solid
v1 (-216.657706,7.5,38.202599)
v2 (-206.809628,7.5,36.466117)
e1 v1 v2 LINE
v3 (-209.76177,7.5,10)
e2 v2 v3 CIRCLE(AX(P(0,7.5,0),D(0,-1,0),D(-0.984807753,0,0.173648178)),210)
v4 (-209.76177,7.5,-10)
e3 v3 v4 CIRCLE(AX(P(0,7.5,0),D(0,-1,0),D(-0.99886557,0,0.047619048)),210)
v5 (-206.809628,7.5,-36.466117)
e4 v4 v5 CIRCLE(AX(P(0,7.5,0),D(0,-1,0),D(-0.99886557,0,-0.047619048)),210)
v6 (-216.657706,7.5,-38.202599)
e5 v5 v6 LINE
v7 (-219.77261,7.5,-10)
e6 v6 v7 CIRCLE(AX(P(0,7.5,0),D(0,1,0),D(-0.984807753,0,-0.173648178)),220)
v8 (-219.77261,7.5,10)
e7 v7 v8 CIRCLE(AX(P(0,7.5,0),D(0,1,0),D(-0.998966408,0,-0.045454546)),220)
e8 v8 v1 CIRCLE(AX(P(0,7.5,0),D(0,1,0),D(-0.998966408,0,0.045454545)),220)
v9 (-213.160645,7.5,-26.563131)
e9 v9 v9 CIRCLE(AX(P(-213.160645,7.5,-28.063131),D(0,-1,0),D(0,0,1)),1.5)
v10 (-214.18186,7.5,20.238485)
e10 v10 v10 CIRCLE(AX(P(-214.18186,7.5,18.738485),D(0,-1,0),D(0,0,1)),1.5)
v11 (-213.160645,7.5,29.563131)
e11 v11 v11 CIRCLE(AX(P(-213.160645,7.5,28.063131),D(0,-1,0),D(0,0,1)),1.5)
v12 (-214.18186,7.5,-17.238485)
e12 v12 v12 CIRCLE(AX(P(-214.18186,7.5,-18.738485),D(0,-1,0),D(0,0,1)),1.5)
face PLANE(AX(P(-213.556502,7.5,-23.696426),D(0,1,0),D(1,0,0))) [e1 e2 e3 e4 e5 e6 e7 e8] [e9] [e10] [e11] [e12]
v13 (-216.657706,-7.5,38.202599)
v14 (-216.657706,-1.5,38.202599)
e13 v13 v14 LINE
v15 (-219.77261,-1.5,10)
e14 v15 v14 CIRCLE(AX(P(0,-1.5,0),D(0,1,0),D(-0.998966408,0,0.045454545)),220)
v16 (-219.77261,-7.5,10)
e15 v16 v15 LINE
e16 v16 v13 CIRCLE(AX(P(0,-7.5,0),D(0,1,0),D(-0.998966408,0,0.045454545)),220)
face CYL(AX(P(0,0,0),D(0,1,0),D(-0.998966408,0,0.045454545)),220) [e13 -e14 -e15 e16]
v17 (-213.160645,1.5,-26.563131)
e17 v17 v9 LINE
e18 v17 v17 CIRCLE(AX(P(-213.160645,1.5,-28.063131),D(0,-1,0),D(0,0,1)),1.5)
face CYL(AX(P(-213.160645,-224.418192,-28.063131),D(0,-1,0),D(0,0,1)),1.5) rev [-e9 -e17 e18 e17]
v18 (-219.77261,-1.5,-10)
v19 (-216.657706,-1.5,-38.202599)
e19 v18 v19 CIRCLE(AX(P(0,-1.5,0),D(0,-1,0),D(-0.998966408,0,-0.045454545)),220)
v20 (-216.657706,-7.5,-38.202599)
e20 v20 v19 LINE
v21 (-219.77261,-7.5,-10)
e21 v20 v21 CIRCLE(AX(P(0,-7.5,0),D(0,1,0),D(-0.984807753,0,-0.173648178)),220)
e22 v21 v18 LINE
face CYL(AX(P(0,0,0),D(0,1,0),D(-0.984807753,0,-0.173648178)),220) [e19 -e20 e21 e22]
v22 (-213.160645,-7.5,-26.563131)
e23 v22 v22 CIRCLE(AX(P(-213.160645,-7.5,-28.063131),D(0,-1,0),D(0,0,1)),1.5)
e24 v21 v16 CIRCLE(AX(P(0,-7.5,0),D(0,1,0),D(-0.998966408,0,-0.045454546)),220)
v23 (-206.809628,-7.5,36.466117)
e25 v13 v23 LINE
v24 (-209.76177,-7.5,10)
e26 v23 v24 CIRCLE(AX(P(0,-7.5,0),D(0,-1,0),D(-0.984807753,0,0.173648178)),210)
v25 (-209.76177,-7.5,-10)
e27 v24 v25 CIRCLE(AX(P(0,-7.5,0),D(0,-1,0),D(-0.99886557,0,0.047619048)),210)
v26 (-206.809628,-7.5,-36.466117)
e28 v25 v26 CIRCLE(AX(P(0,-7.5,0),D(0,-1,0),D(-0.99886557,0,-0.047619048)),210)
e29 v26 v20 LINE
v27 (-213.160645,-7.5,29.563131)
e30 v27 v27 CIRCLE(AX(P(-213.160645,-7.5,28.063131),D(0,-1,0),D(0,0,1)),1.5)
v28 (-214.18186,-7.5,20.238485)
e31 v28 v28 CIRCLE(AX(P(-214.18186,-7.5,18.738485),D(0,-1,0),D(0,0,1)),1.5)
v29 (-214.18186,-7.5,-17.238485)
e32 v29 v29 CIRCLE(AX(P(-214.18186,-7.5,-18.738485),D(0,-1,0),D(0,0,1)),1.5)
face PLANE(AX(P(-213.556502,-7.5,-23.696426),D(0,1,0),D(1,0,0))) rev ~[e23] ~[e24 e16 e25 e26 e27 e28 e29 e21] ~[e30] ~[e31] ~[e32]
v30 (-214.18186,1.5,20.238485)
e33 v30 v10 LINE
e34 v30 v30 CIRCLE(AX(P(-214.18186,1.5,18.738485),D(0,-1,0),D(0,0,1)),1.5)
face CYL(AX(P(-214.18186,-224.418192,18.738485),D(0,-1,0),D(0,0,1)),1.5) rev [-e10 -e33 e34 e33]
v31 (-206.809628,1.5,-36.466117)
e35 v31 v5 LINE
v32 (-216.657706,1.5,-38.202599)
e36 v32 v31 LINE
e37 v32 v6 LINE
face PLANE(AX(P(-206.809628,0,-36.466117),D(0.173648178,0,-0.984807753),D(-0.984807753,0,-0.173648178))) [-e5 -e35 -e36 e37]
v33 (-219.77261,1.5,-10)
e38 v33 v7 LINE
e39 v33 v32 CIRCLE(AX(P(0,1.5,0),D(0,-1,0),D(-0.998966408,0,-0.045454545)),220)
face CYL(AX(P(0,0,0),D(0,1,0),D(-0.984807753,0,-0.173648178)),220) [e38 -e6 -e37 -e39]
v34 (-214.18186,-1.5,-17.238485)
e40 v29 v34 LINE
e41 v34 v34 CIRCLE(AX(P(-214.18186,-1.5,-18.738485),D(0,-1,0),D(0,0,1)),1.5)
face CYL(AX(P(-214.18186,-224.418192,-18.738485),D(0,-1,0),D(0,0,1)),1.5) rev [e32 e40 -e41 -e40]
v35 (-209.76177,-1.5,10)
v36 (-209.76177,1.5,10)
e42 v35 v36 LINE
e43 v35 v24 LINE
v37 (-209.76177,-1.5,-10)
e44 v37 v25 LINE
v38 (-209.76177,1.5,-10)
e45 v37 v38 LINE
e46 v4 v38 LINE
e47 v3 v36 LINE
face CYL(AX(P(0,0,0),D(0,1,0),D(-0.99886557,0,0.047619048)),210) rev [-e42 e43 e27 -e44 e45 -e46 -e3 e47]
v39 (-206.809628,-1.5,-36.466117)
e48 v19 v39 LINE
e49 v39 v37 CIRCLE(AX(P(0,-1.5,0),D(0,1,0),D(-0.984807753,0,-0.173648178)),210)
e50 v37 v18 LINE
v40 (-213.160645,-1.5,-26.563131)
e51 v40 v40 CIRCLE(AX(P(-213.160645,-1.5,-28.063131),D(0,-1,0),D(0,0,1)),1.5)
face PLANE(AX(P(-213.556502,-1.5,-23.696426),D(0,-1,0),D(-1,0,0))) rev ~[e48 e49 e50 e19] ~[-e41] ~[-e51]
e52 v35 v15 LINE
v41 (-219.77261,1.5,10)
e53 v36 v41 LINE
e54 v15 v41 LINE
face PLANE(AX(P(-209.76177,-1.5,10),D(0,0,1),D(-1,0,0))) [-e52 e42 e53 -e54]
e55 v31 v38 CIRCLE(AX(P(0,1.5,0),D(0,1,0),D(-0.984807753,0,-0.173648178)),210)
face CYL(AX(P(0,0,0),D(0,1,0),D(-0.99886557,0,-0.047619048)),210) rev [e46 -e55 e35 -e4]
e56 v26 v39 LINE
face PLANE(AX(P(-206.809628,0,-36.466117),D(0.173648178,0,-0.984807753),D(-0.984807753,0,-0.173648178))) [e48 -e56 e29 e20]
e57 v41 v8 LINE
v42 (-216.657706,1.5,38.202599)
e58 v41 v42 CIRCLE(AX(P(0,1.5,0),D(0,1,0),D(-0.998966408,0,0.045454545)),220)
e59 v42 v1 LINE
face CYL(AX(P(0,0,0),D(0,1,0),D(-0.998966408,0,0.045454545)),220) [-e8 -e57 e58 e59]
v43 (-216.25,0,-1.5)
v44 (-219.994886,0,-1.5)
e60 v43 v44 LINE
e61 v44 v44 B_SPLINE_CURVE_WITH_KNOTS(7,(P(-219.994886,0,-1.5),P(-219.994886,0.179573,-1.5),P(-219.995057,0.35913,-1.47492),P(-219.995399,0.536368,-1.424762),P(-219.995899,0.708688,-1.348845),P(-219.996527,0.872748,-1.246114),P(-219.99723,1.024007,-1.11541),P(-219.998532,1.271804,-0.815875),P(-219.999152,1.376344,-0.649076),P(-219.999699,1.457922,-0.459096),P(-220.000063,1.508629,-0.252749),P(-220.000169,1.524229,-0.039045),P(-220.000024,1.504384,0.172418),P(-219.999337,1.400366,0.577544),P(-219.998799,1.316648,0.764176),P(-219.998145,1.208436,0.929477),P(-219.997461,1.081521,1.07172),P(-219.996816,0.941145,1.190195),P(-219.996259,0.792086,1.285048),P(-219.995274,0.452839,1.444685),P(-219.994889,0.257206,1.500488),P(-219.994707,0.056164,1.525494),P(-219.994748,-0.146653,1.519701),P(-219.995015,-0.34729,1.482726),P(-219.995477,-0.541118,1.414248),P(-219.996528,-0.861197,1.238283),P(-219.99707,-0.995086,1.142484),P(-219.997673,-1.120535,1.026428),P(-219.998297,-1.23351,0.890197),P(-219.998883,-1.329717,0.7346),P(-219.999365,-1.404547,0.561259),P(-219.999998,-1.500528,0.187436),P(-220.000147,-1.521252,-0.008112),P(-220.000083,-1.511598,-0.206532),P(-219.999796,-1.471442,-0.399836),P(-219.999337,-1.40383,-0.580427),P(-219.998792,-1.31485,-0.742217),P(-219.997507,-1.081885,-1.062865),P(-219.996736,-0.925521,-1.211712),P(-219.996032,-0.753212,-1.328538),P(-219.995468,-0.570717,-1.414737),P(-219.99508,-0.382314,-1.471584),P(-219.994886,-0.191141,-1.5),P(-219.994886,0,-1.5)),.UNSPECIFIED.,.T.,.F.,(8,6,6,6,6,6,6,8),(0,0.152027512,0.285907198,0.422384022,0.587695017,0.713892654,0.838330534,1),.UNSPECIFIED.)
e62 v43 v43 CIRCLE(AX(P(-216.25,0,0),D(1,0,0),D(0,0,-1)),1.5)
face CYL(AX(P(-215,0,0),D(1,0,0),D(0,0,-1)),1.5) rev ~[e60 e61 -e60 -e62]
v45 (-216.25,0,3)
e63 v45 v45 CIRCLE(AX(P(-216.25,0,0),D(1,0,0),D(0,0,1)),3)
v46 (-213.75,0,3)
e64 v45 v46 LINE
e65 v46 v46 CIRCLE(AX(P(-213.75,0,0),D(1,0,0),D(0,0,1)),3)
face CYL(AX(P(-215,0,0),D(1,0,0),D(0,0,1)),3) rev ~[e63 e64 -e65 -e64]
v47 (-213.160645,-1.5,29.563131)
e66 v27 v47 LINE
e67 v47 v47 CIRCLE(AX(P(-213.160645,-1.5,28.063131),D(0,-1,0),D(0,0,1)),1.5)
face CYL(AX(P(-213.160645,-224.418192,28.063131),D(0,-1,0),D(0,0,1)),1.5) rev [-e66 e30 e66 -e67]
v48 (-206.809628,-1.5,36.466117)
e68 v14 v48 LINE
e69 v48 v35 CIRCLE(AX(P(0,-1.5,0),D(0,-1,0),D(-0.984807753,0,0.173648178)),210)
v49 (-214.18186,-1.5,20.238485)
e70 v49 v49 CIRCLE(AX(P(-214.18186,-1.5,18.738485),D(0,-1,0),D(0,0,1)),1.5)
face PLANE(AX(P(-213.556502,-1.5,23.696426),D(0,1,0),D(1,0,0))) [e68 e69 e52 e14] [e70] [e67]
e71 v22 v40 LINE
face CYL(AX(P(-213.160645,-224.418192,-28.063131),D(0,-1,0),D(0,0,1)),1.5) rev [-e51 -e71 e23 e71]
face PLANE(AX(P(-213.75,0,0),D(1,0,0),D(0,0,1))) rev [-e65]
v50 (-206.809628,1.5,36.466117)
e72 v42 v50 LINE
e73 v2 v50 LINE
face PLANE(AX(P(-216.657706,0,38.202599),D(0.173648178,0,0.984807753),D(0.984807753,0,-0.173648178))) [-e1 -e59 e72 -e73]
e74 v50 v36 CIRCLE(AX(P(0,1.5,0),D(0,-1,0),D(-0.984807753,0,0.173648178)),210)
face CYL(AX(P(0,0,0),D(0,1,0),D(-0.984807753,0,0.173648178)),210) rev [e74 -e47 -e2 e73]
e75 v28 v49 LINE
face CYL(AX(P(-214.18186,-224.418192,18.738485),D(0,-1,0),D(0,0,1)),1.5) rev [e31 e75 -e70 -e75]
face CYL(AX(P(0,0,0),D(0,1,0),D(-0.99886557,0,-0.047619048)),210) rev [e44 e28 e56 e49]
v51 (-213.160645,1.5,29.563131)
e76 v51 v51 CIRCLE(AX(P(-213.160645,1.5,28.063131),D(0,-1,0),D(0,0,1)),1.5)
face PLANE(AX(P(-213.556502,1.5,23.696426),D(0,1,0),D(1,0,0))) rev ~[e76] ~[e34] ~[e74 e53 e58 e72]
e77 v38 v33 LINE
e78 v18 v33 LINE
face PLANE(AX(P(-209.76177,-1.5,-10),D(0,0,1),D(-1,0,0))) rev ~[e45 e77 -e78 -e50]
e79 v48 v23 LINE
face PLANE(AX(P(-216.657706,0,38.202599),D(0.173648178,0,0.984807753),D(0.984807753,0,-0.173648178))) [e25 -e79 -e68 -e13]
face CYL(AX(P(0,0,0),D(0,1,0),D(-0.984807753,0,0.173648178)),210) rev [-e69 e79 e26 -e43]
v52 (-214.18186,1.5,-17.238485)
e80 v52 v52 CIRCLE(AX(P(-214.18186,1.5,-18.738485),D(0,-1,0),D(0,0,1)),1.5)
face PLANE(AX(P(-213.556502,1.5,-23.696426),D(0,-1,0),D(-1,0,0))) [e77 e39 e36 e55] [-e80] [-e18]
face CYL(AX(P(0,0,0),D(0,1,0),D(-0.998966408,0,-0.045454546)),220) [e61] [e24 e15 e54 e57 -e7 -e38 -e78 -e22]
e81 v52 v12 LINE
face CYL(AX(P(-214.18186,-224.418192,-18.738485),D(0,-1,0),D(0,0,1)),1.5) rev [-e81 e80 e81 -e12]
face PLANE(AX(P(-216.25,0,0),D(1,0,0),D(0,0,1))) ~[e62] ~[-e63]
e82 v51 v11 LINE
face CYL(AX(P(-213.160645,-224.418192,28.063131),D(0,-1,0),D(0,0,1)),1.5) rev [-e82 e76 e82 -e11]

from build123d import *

# Parameters (mm, degrees)
BASE2_DEPTH            = 7.5
MOUNT2_START           = -1.5
MOUNT2_DEPTH           = 3
MOUNT_HOLE2_DEPTH      = 224.418192135
MOUNT_HOLE2_DEPTH_BACK = 224.418192135
SKETCH16_R             = 1.5
SKETCH18_W             = 2.5
SKETCH18_H             = 3
SKETCH19_R             = 1.5
CUT_EXTRUDE10_DEPTH    = 40.784051683


with BuildPart() as part:
    # Sketch13 → base2 (new, symmetric)
    with BuildSketch(Plane(origin=(0, 0, 0), x_dir=(1, 0, 0), z_dir=(0, 1, 0))):
        with BuildLine():
            ThreePointArc((-209.761769634, 10), (-208.70564487, 23.279901188), (-206.809628133, 36.46611731))
            Line((-206.809628133, 36.46611731), (-216.657705663, 38.202599087))
            ThreePointArc((-216.657705663, 38.202599087), (-218.670303662, 24.151569236), (-219.772609758, 10))
            Line((-219.772609758, 10), (-209.761769634, 10))
        make_face()
        with BuildLine():
            ThreePointArc((-209.761769634, -10), (-210, 0), (-209.761769634, 10))
            Line((-209.761769634, 10), (-219.772609758, 10))
            ThreePointArc((-219.772609758, 10), (-220, 0), (-219.772609758, -10))
            Line((-219.772609758, -10), (-209.761769634, -10))
        make_face()
        with BuildLine():
            Line((-216.657705663, -38.202599087), (-206.809628133, -36.46611731))
            ThreePointArc((-206.809628133, -36.46611731), (-208.70564487, -23.279901188), (-209.761769634, -10))
            Line((-209.761769634, -10), (-219.772609758, -10))
            ThreePointArc((-219.772609758, -10), (-218.670303662, -24.151569236), (-216.657705663, -38.202599087))
        make_face()
    extrude(amount=BASE2_DEPTH, both=True)

    # Sketch14 → mount2 (cut)
    with BuildSketch(Plane(origin=(0, 0, 0), x_dir=(1, 0, 0), z_dir=(0, 1, 0)).offset(MOUNT2_START)):
        with BuildLine():
            Line((-209.761769634, -10), (-219.772609758, -10))
            ThreePointArc((-219.772609758, -10), (-218.670303662, -24.151569236), (-216.657705663, -38.202599087))
            Line((-216.657705663, -38.202599087), (-206.809628133, -36.46611731))
            ThreePointArc((-206.809628133, -36.46611731), (-208.70564487, -23.279901188), (-209.761769634, -10))
        make_face()
        with BuildLine():
            Line((-209.761769634, 10), (-219.772609758, 10))
            ThreePointArc((-219.772609758, 10), (-218.670303662, 24.151569236), (-216.657705663, 38.202599087))
            Line((-216.657705663, 38.202599087), (-206.809628133, 36.46611731))
            ThreePointArc((-206.809628133, 36.46611731), (-208.70564487, 23.279901188), (-209.761769634, 10))
        make_face()
    extrude(amount=MOUNT2_DEPTH, mode=Mode.SUBTRACT)

    # Sketch16 → mount hole2 (cut, two sides: drawn at the far end of the back side and taken through both)
    with BuildSketch(Plane(origin=(0, 0, 0), x_dir=(1, 0, 0), z_dir=(0, 1, 0)).offset(-MOUNT_HOLE2_DEPTH_BACK)):
        with Locations(Location((-213.160645195, 28.063131327, 0), (0, 0, 270))):
            Circle(SKETCH16_R)
        with Locations(Location((-214.18186009, 18.738484691, 0), (0, 0, 270))):
            Circle(SKETCH16_R)
        with Locations(Location((-214.18186009, -18.738484691, 0), (0, 0, 270))):
            Circle(SKETCH16_R)
        with Locations(Location((-213.160645195, -28.063131327, 0), (0, 0, 270))):
            Circle(SKETCH16_R)
    extrude(amount=MOUNT_HOLE2_DEPTH + MOUNT_HOLE2_DEPTH_BACK, mode=Mode.SUBTRACT)

    # Sketch18 → bearing (revolve, cut)
    with BuildSketch(Plane(origin=(0, 0, 0), x_dir=(1, 0, 0), z_dir=(0, 1, 0)), mode=Mode.PRIVATE) as bearing_sk:
        with Locations((-215, 1.5)):
            Rectangle(SKETCH18_W, SKETCH18_H)
    revolve(bearing_sk.sketch.rotate(Axis((-215, 0, 0), (1, 0, 0)), 180), axis=Axis((-215, 0, 0), (1, 0, 0)), mode=Mode.SUBTRACT)

    # Sketch19 → Cut-Extrude10 (cut, through all)
    with BuildSketch(Plane(origin=(-215, 0, 0), x_dir=(0, 0, -1), z_dir=(1, 0, 0))):
        Circle(SKETCH19_R)
    extrude(amount=-CUT_EXTRUDE10_DEPTH, mode=Mode.SUBTRACT)


solid = part.part
